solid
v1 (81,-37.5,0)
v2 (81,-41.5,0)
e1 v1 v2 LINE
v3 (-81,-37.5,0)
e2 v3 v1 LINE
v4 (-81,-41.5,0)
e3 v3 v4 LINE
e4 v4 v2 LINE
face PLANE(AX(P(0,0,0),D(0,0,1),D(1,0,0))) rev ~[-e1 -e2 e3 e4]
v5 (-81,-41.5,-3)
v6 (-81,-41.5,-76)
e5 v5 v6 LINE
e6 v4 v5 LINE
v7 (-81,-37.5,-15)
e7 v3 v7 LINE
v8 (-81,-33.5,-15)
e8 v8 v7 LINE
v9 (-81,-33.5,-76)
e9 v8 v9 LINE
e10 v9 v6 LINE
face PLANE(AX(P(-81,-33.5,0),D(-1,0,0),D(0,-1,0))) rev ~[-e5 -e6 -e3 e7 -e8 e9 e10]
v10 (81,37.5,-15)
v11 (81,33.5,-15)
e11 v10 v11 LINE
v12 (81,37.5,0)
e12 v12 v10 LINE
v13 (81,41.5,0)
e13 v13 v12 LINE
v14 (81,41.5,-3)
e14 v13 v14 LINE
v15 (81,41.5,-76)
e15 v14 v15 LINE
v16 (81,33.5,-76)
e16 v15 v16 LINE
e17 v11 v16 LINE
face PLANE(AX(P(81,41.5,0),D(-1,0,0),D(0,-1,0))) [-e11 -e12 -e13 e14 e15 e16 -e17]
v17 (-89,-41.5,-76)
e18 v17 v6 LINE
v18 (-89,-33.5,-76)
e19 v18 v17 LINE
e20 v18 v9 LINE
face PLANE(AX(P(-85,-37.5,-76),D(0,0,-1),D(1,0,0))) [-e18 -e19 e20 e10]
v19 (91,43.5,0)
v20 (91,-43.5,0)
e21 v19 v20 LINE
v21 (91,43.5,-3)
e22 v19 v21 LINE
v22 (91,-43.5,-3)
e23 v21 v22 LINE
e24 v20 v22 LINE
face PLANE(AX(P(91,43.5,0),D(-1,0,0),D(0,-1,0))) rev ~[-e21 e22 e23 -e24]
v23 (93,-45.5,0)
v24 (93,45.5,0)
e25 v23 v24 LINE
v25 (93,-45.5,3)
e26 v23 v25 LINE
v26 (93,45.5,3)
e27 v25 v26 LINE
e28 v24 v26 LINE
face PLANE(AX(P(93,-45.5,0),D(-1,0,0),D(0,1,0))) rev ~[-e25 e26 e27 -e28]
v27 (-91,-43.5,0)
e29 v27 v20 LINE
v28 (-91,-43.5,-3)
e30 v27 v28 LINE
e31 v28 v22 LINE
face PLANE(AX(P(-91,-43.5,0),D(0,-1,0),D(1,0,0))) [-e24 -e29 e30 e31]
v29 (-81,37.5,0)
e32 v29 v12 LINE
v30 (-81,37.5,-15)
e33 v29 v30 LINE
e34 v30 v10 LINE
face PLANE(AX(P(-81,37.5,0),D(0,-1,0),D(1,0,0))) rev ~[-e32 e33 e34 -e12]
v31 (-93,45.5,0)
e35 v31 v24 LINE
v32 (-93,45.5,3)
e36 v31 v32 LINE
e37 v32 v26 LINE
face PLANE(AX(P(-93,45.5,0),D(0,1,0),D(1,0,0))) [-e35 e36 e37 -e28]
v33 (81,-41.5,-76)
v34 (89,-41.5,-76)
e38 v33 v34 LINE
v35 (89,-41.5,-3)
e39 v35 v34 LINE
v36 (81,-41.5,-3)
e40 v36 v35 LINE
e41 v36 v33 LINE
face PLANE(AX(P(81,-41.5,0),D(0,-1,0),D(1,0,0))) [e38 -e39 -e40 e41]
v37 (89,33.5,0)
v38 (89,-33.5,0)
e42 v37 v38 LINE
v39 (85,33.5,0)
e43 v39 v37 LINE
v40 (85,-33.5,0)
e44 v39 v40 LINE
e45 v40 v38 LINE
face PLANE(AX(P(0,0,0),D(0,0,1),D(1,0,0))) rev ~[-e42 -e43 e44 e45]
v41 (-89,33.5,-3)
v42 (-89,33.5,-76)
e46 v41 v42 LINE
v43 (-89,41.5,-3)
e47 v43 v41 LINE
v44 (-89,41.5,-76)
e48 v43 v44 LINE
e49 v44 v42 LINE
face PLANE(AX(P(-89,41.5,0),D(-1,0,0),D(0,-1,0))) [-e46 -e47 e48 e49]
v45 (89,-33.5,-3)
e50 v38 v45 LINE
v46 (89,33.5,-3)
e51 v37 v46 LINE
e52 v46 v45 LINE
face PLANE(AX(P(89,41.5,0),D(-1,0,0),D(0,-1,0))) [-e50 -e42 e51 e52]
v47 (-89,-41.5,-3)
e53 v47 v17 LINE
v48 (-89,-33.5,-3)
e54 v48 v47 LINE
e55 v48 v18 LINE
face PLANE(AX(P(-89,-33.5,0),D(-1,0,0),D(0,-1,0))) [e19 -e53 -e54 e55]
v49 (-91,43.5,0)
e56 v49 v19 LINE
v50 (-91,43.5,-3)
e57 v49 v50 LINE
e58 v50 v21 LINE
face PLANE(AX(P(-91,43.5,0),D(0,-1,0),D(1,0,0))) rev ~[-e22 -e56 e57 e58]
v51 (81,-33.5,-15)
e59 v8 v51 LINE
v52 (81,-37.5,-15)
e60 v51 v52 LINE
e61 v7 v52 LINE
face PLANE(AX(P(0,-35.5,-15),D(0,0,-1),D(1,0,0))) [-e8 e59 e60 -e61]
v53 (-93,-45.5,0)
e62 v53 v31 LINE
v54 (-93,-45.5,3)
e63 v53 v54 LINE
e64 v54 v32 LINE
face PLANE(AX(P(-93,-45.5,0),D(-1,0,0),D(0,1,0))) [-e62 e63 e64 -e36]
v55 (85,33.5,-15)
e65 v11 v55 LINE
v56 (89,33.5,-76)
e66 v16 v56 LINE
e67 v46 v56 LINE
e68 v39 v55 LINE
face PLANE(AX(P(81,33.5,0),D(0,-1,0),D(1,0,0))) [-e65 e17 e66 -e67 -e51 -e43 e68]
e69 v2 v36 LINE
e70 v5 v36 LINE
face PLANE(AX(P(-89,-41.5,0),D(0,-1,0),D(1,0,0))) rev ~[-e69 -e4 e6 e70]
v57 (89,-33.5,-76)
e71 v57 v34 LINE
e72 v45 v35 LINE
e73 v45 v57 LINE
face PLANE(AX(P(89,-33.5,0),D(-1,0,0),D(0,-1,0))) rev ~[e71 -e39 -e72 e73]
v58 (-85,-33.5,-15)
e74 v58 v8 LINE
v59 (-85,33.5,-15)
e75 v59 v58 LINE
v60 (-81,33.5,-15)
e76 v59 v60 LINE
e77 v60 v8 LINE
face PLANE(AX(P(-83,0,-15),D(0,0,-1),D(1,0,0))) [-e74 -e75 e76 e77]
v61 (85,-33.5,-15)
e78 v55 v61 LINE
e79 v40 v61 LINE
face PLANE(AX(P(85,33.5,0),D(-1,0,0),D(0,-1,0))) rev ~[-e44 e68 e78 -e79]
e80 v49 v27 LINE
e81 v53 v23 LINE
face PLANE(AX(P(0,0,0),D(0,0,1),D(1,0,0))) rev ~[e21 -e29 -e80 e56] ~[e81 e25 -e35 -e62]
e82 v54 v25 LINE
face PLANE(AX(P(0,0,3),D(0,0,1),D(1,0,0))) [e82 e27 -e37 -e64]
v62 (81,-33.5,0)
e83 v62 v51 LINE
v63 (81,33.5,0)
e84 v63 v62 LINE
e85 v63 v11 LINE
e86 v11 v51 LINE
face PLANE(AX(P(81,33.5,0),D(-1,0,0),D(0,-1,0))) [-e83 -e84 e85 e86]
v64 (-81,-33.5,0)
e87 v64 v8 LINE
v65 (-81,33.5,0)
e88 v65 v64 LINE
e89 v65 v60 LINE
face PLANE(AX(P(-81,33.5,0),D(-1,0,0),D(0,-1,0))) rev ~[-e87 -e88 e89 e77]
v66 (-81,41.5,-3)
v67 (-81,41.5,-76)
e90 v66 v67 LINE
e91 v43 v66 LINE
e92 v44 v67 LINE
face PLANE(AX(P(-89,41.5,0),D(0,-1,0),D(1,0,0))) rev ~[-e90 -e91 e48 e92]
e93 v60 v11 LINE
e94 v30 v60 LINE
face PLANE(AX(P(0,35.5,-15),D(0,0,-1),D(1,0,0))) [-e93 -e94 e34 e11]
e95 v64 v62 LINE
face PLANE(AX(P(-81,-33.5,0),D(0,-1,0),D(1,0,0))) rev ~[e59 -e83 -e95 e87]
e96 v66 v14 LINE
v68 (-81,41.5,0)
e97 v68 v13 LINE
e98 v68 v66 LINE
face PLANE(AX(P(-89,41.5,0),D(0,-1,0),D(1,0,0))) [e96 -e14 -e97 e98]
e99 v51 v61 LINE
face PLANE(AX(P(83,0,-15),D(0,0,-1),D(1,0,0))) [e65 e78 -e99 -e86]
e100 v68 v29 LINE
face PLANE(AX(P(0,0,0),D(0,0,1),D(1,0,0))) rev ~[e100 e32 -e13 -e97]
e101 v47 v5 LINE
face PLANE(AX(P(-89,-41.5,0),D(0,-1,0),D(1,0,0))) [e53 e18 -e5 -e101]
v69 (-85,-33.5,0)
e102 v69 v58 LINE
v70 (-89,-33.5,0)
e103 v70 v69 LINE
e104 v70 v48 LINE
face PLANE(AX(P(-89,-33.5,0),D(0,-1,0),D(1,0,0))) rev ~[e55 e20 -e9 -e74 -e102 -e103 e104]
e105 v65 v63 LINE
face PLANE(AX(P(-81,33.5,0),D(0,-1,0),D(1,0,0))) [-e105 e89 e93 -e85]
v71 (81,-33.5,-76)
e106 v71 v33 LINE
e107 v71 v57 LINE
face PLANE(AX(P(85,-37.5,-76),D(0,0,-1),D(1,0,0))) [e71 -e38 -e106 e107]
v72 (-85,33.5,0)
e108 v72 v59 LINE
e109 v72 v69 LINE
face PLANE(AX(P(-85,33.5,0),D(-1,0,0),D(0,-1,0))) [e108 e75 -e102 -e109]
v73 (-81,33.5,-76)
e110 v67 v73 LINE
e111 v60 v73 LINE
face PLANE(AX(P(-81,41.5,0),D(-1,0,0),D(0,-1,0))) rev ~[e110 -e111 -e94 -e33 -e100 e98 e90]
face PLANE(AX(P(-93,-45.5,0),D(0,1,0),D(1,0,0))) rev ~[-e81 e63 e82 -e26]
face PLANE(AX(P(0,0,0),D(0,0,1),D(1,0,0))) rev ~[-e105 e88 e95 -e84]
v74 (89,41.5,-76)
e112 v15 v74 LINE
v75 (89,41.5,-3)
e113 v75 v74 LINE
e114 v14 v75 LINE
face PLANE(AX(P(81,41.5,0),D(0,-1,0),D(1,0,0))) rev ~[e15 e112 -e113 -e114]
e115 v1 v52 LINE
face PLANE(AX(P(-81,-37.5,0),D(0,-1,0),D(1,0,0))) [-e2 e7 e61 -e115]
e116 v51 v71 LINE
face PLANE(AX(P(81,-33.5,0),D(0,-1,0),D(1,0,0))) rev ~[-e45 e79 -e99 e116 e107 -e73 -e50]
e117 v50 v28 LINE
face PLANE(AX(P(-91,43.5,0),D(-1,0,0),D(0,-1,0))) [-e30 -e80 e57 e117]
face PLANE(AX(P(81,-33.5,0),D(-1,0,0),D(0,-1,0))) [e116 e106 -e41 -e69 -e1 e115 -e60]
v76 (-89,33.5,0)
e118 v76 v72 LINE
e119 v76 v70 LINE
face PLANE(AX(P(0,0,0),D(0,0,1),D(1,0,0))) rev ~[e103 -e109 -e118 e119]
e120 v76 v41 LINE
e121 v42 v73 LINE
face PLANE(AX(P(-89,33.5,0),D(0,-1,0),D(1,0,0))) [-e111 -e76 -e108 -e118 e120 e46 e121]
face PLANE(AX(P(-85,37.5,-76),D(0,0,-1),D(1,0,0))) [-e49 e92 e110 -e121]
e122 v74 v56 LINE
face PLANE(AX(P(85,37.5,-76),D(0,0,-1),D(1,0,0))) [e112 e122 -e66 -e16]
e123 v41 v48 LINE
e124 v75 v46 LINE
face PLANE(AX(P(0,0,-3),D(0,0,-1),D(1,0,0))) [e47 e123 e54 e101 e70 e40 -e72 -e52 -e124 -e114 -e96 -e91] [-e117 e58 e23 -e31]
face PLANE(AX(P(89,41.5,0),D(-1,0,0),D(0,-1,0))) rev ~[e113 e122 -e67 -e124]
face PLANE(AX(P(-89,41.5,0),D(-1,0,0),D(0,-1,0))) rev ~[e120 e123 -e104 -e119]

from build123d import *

# Parameters (mm, degrees)
F0_W     = 186
F0_H     = 91
F1_DEPTH = 3
F2_W     = 182
F2_H     = 87
F2_W_2   = 178
F2_H_2   = 83
F3_DEPTH = 3
F4_W     = 8
F4_H     = 8
F5_DEPTH = 76
F6_W     = 4
F6_H     = 67
F6_W_2   = 162
F6_H_2   = 4
F7_DEPTH = 15


with BuildPart() as f1:
    # F0 (on Top) → F1 (new body)
    with BuildSketch(Plane.XY):
        Rectangle(F0_W, F0_H)
    extrude(amount=F1_DEPTH)

    # F2 (on face) → F3 (join)
    with BuildSketch(Plane(origin=(0, 0, 0), x_dir=(1, 0, 0), z_dir=(0, 0, -1))):
        Rectangle(F2_W, F2_H)
        Rectangle(F2_W_2, F2_H_2, mode=Mode.SUBTRACT)
    extrude(amount=F3_DEPTH)

    # F4 (on face) → F5 (join)
    with BuildSketch(Plane(origin=(0, 0, 0), x_dir=(1, 0, 0), z_dir=(0, 0, -1))):
        with Locations((-85, 37.5)):
            Rectangle(F4_W, F4_H)
        with Locations((-85, -37.5)):
            Rectangle(F4_W, F4_H)
        with Locations((85, 37.5)):
            Rectangle(F4_W, F4_H)
        with Locations((85, -37.5)):
            Rectangle(F4_W, F4_H)
    extrude(amount=F5_DEPTH)

    # F6 (on face) → F7 (join)
    with BuildSketch(Plane(origin=(0, 0, 0), x_dir=(1, 0, 0), z_dir=(0, 0, -1))):
        with Locations((83, 0)):
            Rectangle(F6_W, F6_H)
        with Locations((0, -35.5)):
            Rectangle(F6_W_2, F6_H_2)
        with Locations((-83, 0)):
            Rectangle(F6_W, F6_H)
        with Locations((0, 35.5)):
            Rectangle(F6_W_2, F6_H_2)
    extrude(amount=F7_DEPTH)


solid = f1.part
